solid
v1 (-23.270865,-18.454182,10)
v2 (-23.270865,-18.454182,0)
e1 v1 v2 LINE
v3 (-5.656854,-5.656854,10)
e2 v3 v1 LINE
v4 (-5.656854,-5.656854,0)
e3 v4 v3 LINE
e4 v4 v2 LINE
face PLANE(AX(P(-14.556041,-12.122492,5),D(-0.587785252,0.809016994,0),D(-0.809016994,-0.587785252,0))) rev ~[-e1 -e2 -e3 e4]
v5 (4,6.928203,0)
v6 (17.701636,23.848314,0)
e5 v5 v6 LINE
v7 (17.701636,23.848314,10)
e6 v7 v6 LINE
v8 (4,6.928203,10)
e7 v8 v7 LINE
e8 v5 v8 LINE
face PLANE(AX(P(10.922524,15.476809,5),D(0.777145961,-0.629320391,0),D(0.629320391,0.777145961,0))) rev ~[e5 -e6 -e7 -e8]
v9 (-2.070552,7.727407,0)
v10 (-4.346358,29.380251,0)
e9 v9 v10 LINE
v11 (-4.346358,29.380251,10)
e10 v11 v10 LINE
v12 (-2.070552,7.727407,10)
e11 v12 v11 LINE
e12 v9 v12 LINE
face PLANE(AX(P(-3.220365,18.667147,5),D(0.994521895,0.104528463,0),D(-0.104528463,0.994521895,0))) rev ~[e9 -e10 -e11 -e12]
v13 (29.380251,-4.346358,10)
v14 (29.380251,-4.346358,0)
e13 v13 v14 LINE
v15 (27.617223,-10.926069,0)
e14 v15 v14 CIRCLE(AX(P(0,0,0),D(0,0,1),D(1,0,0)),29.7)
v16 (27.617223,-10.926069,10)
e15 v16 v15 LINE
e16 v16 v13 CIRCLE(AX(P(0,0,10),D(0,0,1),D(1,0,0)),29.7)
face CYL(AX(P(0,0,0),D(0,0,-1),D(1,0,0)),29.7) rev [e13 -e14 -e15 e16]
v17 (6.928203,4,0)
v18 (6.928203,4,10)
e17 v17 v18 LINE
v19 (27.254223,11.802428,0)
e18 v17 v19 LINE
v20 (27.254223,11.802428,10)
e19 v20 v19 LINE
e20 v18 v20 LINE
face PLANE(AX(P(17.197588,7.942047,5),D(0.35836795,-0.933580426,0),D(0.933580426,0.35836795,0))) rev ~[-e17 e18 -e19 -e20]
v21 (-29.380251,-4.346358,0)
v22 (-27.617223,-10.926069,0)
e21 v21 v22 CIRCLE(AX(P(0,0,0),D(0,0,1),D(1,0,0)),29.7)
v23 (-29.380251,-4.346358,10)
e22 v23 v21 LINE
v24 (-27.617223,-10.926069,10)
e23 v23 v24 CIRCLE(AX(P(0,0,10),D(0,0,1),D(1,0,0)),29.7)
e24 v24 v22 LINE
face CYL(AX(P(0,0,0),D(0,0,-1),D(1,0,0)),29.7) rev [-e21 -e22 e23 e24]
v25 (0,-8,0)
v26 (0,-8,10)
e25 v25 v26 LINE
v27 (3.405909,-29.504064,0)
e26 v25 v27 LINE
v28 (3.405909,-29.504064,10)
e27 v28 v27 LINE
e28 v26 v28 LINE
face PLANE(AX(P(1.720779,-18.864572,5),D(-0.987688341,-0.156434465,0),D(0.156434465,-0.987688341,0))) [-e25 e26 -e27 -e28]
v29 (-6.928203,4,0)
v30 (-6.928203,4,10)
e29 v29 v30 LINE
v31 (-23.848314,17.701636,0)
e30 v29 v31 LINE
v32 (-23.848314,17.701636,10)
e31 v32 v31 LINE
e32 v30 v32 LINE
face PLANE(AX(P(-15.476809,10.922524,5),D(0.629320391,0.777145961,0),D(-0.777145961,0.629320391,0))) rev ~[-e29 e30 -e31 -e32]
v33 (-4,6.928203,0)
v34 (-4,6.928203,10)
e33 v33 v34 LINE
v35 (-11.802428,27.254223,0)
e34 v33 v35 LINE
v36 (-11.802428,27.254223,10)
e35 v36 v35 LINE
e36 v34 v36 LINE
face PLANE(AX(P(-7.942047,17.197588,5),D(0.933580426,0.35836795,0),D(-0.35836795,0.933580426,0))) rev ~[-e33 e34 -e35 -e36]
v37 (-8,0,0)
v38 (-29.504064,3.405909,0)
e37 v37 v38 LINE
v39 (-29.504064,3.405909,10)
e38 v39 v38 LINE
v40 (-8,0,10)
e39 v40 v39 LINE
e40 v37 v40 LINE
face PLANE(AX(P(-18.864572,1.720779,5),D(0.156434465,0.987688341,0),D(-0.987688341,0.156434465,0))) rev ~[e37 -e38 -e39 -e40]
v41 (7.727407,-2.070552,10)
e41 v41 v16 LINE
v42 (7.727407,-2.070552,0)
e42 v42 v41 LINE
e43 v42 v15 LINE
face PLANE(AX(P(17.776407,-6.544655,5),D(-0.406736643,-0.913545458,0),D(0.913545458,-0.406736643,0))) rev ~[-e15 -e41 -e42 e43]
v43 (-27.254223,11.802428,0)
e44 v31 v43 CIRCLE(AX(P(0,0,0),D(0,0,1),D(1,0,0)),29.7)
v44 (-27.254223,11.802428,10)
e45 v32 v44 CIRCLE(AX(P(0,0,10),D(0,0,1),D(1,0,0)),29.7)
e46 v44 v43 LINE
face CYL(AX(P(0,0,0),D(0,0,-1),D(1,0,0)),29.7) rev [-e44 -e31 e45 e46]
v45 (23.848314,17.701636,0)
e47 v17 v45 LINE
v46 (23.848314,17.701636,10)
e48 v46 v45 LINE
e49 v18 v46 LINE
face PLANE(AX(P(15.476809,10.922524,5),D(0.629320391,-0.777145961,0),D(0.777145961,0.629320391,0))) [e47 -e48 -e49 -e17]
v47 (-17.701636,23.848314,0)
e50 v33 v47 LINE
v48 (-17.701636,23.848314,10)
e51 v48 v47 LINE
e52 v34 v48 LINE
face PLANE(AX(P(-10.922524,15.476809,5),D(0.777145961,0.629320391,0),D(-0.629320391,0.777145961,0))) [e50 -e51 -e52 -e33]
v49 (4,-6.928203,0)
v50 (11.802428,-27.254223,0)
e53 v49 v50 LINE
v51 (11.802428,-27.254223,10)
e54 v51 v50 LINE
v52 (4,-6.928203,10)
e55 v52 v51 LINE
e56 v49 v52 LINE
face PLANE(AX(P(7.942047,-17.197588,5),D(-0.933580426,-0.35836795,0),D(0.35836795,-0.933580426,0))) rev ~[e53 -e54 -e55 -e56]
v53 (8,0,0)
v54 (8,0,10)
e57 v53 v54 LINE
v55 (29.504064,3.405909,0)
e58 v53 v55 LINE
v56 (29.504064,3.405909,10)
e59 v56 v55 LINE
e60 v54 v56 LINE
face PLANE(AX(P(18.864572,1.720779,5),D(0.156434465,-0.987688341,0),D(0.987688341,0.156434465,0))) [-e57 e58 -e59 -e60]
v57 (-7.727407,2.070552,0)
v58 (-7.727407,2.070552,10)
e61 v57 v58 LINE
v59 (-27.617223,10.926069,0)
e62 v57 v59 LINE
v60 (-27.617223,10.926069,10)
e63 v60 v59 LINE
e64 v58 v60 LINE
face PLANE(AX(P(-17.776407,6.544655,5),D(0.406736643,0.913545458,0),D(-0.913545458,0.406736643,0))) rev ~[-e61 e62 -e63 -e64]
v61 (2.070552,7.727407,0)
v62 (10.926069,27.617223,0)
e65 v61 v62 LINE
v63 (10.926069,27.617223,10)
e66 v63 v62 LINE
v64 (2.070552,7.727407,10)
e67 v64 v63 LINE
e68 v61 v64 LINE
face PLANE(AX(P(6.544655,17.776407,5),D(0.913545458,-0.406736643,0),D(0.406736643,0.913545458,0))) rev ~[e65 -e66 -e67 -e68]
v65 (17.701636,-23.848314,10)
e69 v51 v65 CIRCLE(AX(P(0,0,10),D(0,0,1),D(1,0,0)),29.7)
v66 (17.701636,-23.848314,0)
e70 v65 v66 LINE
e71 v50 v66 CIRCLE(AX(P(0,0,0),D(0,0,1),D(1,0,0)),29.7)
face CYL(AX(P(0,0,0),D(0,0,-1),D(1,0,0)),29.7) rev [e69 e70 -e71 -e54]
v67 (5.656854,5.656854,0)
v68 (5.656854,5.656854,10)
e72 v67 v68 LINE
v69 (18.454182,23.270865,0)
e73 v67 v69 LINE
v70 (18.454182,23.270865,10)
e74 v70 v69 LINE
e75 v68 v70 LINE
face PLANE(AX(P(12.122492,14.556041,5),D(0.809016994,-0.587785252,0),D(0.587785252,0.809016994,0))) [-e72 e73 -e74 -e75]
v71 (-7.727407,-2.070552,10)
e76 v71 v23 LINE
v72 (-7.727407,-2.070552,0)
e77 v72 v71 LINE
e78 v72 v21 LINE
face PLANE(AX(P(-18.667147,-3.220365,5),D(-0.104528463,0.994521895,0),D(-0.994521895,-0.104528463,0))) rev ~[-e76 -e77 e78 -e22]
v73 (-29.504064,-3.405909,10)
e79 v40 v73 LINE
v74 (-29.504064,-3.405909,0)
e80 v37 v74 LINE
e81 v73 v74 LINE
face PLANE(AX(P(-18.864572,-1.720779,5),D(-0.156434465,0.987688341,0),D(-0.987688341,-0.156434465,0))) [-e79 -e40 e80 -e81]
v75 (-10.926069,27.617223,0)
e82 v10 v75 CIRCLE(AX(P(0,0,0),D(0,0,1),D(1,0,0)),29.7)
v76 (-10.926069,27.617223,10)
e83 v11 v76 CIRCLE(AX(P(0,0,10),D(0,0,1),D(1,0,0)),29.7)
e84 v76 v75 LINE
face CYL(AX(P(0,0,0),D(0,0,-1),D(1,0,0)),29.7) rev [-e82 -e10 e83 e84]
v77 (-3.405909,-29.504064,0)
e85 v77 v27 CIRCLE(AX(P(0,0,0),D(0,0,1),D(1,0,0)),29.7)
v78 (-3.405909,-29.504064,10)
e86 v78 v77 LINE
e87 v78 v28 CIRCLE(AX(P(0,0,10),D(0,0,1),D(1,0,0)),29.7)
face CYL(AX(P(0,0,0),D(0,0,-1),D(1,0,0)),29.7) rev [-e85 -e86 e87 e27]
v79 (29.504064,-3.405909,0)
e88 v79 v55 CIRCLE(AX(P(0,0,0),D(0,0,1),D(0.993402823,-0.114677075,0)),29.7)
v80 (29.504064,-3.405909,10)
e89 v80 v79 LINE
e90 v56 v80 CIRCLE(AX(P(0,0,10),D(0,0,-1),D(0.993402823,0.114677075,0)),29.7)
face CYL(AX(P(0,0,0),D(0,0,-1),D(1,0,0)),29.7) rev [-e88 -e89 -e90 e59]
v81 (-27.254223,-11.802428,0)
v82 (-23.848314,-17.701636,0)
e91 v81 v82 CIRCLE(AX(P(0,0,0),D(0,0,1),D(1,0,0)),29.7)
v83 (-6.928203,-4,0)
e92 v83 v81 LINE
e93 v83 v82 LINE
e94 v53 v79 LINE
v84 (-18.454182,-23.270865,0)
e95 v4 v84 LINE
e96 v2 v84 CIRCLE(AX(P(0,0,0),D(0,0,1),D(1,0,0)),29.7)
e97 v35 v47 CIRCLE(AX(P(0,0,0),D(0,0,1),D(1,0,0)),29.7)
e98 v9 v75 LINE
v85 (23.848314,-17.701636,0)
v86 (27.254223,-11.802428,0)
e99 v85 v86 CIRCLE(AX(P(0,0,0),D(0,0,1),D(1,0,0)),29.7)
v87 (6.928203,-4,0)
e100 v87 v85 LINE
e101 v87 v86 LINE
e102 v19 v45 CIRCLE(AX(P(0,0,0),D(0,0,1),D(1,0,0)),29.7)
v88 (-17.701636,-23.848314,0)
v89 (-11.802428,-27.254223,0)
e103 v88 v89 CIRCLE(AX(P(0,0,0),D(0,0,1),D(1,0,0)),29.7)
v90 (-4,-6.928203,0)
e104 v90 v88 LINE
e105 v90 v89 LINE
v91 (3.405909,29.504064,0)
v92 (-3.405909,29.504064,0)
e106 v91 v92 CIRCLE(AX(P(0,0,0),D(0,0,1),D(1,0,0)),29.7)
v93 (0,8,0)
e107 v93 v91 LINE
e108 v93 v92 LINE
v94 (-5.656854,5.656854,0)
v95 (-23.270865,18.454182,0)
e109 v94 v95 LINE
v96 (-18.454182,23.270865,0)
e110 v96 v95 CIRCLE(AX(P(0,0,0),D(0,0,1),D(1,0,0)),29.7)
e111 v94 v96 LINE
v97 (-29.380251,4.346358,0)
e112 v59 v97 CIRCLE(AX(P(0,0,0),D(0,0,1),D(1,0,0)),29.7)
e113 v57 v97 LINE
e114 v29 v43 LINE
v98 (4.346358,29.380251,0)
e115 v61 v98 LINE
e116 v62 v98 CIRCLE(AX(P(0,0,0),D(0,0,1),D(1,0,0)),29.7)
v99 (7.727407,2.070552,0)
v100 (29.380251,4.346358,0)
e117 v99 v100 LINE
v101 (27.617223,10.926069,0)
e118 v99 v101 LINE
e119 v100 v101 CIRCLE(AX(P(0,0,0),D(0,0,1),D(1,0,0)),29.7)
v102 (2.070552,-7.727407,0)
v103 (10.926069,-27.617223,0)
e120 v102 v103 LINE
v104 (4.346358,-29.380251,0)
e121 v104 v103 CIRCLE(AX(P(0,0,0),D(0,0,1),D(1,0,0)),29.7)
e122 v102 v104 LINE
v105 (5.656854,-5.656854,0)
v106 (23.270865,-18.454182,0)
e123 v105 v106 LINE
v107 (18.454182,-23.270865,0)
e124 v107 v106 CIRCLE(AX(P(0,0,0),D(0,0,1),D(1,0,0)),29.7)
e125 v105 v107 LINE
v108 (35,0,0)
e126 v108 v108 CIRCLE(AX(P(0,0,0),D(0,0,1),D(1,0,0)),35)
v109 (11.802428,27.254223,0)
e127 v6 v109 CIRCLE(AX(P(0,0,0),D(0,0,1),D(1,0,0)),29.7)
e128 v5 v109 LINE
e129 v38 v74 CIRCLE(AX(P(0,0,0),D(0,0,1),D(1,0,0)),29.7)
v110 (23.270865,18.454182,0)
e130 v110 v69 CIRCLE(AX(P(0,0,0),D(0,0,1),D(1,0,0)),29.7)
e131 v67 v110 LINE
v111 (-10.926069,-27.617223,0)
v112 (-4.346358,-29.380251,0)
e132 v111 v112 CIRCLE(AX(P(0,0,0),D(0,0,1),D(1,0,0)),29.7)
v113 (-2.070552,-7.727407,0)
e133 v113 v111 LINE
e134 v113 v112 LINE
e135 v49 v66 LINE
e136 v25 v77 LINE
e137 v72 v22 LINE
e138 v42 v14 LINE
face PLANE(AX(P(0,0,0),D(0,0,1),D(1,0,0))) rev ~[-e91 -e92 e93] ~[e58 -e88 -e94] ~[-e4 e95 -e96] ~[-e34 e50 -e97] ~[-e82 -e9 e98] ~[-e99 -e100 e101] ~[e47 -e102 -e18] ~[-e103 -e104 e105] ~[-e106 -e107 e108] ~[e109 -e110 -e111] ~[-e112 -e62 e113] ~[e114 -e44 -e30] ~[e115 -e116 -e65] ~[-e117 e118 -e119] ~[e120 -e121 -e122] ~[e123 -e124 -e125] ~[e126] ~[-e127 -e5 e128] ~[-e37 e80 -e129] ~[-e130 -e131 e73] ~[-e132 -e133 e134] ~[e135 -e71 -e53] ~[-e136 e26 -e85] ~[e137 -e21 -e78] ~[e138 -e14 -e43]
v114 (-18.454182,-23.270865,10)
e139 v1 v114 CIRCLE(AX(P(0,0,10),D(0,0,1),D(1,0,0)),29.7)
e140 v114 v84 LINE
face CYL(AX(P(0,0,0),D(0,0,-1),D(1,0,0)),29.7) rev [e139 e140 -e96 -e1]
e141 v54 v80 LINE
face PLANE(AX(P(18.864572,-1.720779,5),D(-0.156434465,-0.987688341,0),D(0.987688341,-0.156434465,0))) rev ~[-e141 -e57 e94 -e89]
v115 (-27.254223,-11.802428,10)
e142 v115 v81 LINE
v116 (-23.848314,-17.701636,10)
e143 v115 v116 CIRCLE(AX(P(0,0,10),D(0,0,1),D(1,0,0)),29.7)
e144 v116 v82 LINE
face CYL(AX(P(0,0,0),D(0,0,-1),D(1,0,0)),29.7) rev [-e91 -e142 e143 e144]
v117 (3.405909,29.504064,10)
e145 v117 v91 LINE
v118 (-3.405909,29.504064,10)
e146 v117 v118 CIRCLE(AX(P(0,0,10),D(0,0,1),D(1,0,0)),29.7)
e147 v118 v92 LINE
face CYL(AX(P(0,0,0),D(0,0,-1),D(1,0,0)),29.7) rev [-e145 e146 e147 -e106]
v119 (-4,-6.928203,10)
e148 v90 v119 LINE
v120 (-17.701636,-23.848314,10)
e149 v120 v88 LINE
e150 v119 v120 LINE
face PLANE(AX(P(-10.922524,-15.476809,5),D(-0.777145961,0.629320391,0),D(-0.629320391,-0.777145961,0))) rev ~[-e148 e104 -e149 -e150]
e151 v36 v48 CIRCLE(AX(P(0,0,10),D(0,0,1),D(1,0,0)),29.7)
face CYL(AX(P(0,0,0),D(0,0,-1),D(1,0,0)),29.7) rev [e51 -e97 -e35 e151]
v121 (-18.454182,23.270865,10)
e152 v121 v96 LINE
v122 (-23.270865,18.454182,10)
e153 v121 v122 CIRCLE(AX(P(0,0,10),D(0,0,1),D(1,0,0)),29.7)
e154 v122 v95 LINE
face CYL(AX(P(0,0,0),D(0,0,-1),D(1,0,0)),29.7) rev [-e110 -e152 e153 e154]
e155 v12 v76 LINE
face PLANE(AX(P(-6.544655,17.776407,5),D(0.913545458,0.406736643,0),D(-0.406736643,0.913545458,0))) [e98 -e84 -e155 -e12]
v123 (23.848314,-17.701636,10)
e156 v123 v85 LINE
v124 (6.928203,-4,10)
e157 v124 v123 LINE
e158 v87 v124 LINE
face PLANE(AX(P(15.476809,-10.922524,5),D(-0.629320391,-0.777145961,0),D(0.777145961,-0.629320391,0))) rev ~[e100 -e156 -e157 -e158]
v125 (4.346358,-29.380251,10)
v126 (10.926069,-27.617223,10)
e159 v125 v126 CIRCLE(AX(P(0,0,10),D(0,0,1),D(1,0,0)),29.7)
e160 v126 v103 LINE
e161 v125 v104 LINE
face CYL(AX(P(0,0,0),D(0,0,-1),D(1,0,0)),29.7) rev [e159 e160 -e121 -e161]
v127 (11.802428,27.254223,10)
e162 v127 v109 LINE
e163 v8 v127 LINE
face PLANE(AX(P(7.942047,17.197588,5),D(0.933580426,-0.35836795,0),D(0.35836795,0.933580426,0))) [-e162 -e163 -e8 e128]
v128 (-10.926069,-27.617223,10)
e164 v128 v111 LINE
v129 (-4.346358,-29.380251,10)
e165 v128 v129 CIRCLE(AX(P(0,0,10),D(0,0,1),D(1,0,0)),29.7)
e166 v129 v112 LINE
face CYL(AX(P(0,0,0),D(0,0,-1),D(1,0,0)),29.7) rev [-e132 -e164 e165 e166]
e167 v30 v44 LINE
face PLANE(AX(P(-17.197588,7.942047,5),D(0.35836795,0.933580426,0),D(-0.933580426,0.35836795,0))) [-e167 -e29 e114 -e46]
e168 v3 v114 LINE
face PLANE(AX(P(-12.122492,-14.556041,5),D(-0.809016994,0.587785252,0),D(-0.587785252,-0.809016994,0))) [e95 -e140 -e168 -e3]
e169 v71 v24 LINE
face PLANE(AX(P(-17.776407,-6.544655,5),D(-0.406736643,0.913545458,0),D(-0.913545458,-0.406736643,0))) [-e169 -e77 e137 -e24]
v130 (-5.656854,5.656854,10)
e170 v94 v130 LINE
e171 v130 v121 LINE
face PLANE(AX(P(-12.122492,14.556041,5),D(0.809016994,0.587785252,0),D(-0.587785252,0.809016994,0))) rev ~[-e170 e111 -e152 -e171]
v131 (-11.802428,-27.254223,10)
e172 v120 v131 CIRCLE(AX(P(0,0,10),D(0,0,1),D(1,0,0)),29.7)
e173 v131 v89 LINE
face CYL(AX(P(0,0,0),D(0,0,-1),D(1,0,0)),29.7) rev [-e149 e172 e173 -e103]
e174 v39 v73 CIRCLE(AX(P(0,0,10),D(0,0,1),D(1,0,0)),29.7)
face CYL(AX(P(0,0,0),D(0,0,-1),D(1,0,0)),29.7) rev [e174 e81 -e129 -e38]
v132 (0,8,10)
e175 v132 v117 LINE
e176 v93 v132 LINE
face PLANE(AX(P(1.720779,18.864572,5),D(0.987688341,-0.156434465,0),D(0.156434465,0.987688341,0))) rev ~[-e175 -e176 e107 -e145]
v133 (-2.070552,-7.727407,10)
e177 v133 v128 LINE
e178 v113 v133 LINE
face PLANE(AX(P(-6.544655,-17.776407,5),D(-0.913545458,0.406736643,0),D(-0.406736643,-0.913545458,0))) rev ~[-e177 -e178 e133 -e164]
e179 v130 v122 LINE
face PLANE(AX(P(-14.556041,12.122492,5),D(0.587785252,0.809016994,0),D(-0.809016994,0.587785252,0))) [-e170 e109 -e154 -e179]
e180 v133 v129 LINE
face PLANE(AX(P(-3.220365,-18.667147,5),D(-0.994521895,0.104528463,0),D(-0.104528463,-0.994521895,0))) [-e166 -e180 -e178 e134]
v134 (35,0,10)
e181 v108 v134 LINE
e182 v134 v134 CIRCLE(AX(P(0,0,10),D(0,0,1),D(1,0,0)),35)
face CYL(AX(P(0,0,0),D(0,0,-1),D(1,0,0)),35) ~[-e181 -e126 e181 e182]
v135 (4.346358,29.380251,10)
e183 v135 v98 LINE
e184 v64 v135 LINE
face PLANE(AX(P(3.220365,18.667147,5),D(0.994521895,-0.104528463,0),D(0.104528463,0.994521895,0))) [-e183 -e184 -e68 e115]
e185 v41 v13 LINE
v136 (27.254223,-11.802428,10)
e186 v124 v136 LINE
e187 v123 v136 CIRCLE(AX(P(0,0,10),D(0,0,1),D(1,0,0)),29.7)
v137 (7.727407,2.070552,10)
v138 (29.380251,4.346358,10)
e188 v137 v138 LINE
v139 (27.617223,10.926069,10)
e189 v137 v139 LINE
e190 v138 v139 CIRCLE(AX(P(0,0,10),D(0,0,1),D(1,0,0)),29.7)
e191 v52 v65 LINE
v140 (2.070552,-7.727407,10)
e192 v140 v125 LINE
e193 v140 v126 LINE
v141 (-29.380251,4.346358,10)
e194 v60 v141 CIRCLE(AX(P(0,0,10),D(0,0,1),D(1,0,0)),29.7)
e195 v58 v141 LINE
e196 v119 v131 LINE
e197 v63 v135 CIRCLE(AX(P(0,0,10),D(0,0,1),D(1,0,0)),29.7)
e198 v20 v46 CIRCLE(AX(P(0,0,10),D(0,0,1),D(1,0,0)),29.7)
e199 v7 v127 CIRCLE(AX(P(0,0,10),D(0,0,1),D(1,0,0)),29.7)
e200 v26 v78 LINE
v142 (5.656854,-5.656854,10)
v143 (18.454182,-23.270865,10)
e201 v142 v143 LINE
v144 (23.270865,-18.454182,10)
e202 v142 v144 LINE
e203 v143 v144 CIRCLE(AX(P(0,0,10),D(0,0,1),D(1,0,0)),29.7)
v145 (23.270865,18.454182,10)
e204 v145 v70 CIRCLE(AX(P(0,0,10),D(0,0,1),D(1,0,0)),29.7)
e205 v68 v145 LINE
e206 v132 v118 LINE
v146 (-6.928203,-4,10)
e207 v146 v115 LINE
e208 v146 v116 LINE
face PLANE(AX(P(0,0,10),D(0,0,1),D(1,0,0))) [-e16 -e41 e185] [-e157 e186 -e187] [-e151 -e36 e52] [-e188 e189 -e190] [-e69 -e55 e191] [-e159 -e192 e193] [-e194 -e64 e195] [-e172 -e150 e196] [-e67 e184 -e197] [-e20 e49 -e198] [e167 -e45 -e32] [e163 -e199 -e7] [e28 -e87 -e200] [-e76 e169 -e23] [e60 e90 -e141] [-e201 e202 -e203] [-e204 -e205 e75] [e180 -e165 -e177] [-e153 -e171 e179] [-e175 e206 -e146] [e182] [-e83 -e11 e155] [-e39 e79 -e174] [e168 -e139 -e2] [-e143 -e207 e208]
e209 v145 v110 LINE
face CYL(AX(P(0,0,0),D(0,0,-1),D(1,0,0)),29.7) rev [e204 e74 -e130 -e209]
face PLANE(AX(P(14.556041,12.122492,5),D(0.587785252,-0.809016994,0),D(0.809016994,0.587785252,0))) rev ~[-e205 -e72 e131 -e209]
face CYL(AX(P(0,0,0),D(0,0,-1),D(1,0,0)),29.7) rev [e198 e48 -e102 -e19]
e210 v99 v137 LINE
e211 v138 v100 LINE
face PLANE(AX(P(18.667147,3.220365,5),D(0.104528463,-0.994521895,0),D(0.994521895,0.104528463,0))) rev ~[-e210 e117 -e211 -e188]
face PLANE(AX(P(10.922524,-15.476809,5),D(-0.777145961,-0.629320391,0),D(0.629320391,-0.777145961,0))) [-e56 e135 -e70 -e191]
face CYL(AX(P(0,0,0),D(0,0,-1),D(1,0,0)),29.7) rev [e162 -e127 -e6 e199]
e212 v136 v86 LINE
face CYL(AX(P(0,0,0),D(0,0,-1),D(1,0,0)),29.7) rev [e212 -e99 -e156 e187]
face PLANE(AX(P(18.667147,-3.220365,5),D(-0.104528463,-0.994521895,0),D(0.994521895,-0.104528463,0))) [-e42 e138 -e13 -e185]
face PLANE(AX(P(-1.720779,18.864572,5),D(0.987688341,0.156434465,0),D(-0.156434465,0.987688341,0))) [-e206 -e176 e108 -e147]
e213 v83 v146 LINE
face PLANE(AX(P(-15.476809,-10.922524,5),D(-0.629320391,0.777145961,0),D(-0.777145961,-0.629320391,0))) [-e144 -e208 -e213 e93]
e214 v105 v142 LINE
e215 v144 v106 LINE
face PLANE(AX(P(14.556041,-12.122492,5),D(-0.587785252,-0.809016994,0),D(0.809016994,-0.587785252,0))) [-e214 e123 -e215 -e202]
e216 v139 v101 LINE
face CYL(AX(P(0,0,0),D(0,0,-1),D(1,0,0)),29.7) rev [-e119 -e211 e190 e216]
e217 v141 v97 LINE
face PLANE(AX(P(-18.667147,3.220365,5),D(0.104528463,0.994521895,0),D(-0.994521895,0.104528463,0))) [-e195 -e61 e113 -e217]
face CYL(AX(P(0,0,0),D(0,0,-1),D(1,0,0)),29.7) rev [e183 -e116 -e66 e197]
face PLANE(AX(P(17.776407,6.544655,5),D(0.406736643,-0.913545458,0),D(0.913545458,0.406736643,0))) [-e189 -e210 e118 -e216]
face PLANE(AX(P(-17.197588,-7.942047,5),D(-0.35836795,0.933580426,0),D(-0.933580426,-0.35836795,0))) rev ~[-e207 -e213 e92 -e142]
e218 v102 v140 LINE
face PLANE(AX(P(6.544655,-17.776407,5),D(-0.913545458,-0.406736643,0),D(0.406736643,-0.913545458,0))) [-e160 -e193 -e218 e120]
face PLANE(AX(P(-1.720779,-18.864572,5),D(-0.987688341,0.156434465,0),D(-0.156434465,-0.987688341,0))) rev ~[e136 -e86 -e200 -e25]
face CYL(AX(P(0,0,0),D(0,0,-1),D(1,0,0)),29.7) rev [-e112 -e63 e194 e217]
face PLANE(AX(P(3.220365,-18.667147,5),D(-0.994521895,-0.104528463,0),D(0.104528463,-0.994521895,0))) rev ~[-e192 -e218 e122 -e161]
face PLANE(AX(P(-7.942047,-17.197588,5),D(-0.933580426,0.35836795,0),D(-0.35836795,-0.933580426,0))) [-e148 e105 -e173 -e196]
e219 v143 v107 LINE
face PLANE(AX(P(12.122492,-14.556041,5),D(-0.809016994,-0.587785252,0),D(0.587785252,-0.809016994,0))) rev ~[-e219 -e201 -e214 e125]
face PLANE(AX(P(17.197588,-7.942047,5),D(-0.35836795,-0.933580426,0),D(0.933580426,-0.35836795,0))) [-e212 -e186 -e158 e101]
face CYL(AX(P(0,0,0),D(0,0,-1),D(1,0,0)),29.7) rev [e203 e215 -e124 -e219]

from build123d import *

# Parameters (mm, degrees)
CYLINDER003_R               = 29.7
CYLINDER003_DEPTH           = 10
CYLINDER002_R               = 35
CYLINDER002_DEPTH           = 10
CYLINDER001_W               = 22
CYLINDER001_H               = 10
CYLINDER001_ANGLE           = 18
CYLINDER001_PLACEMENT_ANGLE = -9
ARRAY_COUNT                 = 24
CYLINDER_R                  = 29.7
CYLINDER_DEPTH              = 10


with BuildPart() as borde_interno_llanta:
    # Cylinder003 → Cylinder003 (new body)
    with BuildSketch(Plane.XY):
        Circle(CYLINDER003_R)
    extrude(amount=CYLINDER003_DEPTH)


with BuildPart() as llanta:
    # Cylinder002 → Cylinder002 (new body)
    with BuildSketch(Plane.XY):
        Circle(CYLINDER002_R)
    extrude(amount=CYLINDER002_DEPTH)

    # Cut001: cut Borde Interno Llanta
    add(borde_interno_llanta.part, mode=Mode.SUBTRACT)


with BuildPart() as array:
    # Cylinder001 → Cylinder001 (revolve)
    with BuildSketch(Plane.XZ):
        with Locations((11, 5)):
            Rectangle(CYLINDER001_W, CYLINDER001_H)
    revolve(axis=Axis((0, 0, 0), (0, 0, 1)), revolution_arc=CYLINDER001_ANGLE)


with BuildPart() as array_1:
    # Cylinder001 placement: moved
    add(array.part.moved(Location((8, 0, 0))).rotate(Axis((8, 0, 0), (0, 0, 1)), CYLINDER001_PLACEMENT_ANGLE))

    # Array: Array ×24 about axis
    array_axis = Axis((0, 0, 0), (0, 0, 1))


with BuildPart() as array_2:
    add(array_1.part)
    for i in range(1, ARRAY_COUNT):
        add(array_1.part.rotate(array_axis, i * 360 / ARRAY_COUNT))


with BuildPart() as rueda_con_radios:
    # Cylinder → Cylinder (new body)
    with BuildSketch(Plane.XY):
        Circle(CYLINDER_R)
    extrude(amount=CYLINDER_DEPTH)

    # Cut: cut Array
    add(array_2.part, mode=Mode.SUBTRACT)

    # Fusion: union Llanta
    add(llanta.part)


solid = rueda_con_radios.part
